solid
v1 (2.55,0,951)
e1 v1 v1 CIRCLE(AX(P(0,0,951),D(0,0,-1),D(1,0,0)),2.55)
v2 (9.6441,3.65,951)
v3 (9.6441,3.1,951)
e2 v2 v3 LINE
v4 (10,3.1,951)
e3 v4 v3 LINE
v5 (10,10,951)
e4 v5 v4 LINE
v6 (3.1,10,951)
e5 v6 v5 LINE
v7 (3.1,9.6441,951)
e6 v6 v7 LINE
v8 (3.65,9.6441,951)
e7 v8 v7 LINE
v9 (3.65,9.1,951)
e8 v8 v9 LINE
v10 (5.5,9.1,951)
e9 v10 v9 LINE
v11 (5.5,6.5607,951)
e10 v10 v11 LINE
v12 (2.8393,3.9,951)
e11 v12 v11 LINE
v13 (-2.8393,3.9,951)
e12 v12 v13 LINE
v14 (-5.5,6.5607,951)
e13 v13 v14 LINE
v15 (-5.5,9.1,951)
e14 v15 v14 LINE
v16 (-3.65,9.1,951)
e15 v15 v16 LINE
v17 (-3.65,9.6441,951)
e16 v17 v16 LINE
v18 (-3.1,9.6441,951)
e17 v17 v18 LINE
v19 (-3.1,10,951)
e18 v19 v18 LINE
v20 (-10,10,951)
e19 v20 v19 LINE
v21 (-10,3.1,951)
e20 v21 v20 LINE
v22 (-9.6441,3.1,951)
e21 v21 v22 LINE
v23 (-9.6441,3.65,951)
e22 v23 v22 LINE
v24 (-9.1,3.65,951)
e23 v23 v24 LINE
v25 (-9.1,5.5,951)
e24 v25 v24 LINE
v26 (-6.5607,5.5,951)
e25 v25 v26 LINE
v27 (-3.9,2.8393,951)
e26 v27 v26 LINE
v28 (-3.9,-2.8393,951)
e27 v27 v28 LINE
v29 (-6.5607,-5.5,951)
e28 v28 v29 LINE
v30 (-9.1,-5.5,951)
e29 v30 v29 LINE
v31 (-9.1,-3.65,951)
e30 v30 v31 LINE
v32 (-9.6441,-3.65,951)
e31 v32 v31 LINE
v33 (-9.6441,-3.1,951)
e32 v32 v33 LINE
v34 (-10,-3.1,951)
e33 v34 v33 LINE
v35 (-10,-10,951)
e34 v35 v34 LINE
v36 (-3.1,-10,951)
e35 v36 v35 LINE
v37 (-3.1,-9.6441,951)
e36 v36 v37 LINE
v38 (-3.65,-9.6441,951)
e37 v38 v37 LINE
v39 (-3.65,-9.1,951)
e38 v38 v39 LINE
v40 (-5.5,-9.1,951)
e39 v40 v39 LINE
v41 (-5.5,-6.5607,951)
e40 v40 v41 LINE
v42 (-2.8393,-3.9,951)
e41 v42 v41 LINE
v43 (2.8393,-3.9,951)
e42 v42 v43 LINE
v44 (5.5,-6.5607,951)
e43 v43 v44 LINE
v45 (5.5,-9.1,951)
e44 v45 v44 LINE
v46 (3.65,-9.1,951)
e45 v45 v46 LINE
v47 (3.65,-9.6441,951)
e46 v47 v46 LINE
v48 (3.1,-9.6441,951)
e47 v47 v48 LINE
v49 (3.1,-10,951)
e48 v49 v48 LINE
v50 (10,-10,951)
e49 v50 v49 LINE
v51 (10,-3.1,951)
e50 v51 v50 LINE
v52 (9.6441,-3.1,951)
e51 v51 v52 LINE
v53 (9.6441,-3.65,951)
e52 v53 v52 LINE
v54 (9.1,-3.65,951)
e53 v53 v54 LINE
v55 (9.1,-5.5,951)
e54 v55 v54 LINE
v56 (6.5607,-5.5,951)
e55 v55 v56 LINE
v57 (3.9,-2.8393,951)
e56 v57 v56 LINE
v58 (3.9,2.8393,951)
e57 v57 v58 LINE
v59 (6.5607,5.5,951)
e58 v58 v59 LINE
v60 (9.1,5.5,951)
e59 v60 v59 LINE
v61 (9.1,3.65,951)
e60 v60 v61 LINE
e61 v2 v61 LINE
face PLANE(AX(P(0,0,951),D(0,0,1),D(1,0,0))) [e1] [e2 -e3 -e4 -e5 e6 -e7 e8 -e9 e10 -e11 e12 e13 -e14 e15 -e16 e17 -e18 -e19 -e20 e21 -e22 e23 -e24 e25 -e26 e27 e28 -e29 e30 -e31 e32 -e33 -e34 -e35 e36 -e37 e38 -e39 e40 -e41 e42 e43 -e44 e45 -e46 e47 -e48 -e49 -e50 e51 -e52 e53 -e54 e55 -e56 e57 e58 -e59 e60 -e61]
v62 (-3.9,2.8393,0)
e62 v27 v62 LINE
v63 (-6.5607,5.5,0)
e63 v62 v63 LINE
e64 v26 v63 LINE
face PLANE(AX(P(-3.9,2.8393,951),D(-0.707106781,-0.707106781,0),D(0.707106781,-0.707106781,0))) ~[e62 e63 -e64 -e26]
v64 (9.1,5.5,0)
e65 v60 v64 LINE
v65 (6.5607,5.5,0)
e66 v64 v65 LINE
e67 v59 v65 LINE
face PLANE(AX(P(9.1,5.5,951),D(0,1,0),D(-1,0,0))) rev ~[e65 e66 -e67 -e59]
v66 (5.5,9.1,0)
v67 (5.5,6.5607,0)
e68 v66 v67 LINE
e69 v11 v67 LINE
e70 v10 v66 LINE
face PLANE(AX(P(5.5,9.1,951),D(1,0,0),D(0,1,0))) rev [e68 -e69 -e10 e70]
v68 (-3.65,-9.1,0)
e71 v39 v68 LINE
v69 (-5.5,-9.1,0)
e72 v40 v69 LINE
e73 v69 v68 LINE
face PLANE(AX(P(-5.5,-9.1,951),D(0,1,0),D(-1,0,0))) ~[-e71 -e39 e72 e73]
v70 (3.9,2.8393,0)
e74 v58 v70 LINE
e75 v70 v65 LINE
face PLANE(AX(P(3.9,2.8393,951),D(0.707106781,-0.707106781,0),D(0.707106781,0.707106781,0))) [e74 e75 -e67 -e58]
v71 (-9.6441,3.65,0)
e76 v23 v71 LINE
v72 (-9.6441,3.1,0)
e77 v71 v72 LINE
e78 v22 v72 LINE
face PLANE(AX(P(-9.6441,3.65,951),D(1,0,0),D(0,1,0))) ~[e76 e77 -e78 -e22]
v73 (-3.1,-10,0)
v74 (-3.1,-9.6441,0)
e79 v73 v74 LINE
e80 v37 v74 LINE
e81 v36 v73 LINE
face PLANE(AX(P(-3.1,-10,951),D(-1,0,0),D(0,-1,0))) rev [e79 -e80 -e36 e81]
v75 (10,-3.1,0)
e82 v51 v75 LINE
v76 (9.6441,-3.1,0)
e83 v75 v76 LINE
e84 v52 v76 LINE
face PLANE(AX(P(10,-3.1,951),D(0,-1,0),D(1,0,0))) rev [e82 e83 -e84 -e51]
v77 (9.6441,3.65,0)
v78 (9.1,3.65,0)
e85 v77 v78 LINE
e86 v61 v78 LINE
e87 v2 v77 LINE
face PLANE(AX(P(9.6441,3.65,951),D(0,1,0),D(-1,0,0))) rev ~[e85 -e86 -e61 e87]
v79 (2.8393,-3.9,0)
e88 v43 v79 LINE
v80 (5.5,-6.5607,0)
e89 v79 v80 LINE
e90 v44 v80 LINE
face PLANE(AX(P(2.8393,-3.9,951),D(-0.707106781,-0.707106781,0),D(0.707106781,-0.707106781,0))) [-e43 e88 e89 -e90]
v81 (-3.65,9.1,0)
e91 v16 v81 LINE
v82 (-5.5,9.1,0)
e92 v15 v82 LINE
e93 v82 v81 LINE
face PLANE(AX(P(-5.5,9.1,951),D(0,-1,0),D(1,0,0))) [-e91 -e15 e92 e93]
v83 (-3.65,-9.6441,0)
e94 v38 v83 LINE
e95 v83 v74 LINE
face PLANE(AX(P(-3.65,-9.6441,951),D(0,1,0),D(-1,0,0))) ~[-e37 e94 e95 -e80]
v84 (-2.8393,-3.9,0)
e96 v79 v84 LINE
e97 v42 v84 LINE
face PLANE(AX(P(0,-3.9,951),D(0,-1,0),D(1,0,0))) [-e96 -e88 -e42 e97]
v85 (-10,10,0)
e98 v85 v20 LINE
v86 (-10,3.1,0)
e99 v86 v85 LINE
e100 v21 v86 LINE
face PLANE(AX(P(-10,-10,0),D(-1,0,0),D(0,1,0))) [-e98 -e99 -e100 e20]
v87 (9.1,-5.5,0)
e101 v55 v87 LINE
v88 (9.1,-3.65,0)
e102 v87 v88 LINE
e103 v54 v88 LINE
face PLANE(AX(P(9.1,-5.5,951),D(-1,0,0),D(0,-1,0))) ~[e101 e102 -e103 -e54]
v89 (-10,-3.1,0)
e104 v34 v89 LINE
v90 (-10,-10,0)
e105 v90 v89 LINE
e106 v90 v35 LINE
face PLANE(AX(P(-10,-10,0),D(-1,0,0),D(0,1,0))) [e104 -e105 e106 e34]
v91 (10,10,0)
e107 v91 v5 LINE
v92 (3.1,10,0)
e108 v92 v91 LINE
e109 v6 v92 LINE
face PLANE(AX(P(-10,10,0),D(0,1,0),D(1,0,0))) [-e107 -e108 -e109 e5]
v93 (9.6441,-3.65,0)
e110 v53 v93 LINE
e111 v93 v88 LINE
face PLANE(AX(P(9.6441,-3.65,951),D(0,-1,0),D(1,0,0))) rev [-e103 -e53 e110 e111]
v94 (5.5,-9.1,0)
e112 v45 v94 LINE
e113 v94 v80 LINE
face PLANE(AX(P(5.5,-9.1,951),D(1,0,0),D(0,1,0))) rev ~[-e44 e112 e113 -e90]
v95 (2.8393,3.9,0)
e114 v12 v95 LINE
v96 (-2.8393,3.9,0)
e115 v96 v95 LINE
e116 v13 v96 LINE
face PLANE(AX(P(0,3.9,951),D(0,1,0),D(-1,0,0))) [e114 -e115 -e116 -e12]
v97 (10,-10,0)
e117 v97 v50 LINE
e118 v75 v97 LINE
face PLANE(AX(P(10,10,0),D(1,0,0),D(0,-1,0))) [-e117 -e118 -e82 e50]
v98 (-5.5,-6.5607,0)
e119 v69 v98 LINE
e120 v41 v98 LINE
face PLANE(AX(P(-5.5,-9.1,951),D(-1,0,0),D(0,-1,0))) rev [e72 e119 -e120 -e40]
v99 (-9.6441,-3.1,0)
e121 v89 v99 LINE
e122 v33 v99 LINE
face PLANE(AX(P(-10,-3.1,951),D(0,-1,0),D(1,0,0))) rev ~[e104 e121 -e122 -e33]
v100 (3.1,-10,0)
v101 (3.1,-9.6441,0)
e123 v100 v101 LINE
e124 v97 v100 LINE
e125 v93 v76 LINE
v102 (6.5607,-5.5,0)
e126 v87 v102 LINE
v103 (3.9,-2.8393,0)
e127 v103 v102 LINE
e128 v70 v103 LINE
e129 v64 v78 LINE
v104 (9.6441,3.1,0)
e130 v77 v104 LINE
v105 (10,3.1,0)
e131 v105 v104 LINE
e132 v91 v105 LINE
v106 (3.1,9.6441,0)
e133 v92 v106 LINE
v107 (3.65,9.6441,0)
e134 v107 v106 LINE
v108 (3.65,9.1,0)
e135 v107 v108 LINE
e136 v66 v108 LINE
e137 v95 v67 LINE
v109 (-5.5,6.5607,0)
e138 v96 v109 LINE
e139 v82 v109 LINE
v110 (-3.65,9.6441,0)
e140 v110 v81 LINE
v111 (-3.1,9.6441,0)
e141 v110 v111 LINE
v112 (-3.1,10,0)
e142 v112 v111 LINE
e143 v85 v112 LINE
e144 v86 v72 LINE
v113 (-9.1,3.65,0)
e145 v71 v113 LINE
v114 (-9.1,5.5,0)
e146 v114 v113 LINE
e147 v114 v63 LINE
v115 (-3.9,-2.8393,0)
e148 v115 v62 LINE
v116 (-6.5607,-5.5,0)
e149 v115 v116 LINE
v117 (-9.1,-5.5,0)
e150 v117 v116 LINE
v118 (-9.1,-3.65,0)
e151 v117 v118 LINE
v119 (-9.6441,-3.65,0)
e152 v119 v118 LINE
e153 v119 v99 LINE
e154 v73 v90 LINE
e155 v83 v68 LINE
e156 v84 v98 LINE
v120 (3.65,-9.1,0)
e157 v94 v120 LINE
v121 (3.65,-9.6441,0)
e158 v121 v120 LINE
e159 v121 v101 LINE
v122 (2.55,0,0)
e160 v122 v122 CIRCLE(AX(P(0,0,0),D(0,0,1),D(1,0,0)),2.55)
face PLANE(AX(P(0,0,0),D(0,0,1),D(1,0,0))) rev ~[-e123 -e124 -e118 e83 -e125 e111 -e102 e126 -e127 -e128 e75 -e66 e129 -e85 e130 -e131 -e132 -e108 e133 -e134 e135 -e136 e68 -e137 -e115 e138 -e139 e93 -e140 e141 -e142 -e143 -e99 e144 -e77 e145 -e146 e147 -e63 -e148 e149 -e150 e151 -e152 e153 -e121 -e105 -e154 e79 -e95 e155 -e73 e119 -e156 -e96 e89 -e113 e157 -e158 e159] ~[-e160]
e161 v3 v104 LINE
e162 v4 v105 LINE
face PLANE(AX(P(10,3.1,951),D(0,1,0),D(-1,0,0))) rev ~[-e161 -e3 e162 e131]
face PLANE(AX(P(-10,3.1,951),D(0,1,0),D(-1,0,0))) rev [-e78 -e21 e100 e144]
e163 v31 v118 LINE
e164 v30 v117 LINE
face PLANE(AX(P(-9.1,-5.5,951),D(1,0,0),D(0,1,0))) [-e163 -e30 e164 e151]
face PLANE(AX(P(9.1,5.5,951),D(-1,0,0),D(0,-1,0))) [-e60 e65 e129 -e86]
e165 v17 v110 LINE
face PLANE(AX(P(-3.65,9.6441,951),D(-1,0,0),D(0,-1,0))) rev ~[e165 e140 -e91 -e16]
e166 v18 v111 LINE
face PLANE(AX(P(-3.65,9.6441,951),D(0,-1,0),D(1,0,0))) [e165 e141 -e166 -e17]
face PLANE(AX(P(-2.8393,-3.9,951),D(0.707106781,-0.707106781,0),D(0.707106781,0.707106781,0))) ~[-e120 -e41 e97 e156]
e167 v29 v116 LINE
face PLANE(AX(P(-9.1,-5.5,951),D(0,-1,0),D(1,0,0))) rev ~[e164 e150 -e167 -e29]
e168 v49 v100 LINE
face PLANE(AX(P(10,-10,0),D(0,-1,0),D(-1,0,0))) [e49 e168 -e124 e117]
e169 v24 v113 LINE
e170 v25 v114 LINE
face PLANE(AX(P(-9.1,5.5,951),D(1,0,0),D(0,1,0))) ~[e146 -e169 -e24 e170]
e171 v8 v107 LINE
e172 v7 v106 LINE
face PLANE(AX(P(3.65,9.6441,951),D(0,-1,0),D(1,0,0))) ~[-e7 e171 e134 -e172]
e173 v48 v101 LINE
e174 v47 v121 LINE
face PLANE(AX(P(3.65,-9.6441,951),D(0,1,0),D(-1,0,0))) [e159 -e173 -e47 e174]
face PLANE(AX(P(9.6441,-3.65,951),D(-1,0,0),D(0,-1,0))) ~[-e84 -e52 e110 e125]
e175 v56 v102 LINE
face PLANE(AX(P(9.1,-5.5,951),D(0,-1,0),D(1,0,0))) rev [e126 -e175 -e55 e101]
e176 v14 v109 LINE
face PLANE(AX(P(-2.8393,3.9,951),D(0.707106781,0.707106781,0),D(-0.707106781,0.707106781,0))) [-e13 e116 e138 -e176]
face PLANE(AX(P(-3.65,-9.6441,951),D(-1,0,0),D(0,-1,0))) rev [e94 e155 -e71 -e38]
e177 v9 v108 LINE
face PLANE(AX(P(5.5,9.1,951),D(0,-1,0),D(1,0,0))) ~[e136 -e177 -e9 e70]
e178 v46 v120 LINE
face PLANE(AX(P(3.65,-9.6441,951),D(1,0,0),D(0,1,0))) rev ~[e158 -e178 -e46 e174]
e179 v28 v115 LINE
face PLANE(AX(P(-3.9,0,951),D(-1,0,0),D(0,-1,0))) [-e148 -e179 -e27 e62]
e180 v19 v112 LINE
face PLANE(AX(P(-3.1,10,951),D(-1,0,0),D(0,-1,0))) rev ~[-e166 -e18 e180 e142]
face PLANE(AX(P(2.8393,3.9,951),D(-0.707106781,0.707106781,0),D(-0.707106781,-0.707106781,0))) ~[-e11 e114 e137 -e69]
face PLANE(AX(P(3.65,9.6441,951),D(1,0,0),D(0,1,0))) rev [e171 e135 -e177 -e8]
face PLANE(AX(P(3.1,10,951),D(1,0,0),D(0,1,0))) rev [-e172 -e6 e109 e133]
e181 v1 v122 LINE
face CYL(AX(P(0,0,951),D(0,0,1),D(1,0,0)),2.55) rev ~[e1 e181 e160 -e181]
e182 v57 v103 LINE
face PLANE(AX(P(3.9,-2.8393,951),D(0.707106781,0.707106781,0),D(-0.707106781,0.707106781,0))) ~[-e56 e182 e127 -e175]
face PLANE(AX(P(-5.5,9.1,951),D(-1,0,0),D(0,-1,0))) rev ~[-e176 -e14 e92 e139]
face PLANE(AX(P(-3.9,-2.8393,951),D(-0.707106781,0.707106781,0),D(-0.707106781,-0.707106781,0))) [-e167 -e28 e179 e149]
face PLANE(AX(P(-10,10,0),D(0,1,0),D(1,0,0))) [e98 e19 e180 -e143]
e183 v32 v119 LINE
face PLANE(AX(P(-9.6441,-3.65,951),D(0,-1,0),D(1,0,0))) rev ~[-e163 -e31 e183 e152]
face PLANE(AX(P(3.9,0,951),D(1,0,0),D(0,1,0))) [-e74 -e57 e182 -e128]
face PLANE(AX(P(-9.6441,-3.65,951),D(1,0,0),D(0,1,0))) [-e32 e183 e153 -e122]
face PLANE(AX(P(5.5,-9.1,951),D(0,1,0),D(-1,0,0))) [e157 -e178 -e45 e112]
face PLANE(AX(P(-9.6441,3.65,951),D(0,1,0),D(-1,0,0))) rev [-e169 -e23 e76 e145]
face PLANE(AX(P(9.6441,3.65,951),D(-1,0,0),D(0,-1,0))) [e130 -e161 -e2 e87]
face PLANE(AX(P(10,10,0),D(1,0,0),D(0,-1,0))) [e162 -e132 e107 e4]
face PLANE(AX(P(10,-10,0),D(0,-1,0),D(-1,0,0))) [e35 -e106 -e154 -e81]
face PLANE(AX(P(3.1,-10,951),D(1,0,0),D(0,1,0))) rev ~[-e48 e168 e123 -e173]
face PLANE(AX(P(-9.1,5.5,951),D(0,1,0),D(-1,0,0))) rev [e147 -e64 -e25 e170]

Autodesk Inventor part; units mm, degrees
ref_plane "YZ Plane" through (0, 0, 0) normal (1, 0, 0) x (0, 1, 0)
ref_plane "XZ Plane" through (0, 0, 0) normal (0, 1, 0) x (-1, 0, 0)
ref_plane "XY Plane" through (0, 0, 0) normal (0, 0, 1) x (1, 0, 0)
sketch "草图1" plane through (0, 0, 0) normal (0, 0, 1) x (1, 0, 0)
  line L0 (10, -10) -> (-10, -10)
  line L1 (-10, -10) -> (-10, 10)
  line L2 (-10, 10) -> (10, 10)
  line L3 (10, 10) -> (10, -10)
  line L4 (10, -10) -> (-10, 10) construction
  line L5 (-10, -10) -> (10, 10) construction
  point P0 (0, 0)
  dimension "d0" = 20
  dimension "d1" = 20
extrude "拉伸1" add sketch "草图1" along normal blind 951
sketch "草图2" plane through (0, 0, 951) normal (0, 0, 1) x (1, 0, 0)
  circle A0 centre (0, 0) radius 2.55
  line L0 (-11.0615, 0) -> (0, 0)
  line L1 (0, 0) -> (0, 11.55)
  line L2 (-10, 10) -> (-10, -10) projected
  line L3 (10, 10) -> (-10, 10) projected
  line L4 (0, 3.9) -> (-3.9, 3.9)
  line L5 (-3.9, 3.9) -> (-3.9, 0)
  line L6 (-10, 10) -> (0, 0)
  line L7 (0, 1.0607) -> (-8.9393, 10)
  line L8 (-1.0607, 0) -> (-10, 8.9393)
  line L9 (-10, 10) -> (-3.1, 10)
  line L10 (-10, 3.1) -> (-10, 10)
  line L11 (-10, 10) -> (-3.65, 10)
  line L12 (-10, 3.65) -> (-10, 10)
  line L13 (-5.5, 12.0125) -> (-5.5, 5.5)
  line L14 (-10, 10) -> (-5.5, 10)
  line L15 (-5.5, 10) -> (-5.5, 5.5)
  line L16 (-5.5, 5.5) -> (-10, 5.5)
  line L17 (-10, 5.5) -> (-10, 10)
  line L18 (-5.5, 9.1) -> (0, 9.1)
  line L19 (-3.65, 10) -> (-3.65, 9.1)
  line L20 (-3.1, 10) -> (-3.1, 9.1)
  line L21 (-3.65, 9.6441) -> (-3.1, 9.6441)
  point P0 (-3.1, 9.55)
  point P1 (-5.5, 6.5607)
  point P2 (-2.8393, 3.9)
  point P3 (0, 10)
  dimension "d4" = 5.1
  dimension "d5" = 6.1
  dimension "d6" = 1.5
  dimension "d9" = 5.5
  dimension "d10" = 0.9
  dimension "d11" = 3.1
  dimension "d12" = 3.65
extrude "拉伸2" cut sketch "草图2" against normal up to surface (951 mm away) contours A0 L0 L1 | L1 L7 A0 | A0 L8 L0 | L7 L1 L6 A0 | L4 L7 L13 L18 L1 | A0 L6 L0 L8 | L18 L20 L3 L1 | L18 L19 L21 L20
mirror "镜像1" about plane through (0, 10, 951) normal (-1, 0, 0) of "拉伸2"
pattern_circular "环形阵列1" count 4 over 360 about axis through (0, 0, 951) along (0, 0, -1) of "拉伸2", "镜像1"
properties part number "框架"
